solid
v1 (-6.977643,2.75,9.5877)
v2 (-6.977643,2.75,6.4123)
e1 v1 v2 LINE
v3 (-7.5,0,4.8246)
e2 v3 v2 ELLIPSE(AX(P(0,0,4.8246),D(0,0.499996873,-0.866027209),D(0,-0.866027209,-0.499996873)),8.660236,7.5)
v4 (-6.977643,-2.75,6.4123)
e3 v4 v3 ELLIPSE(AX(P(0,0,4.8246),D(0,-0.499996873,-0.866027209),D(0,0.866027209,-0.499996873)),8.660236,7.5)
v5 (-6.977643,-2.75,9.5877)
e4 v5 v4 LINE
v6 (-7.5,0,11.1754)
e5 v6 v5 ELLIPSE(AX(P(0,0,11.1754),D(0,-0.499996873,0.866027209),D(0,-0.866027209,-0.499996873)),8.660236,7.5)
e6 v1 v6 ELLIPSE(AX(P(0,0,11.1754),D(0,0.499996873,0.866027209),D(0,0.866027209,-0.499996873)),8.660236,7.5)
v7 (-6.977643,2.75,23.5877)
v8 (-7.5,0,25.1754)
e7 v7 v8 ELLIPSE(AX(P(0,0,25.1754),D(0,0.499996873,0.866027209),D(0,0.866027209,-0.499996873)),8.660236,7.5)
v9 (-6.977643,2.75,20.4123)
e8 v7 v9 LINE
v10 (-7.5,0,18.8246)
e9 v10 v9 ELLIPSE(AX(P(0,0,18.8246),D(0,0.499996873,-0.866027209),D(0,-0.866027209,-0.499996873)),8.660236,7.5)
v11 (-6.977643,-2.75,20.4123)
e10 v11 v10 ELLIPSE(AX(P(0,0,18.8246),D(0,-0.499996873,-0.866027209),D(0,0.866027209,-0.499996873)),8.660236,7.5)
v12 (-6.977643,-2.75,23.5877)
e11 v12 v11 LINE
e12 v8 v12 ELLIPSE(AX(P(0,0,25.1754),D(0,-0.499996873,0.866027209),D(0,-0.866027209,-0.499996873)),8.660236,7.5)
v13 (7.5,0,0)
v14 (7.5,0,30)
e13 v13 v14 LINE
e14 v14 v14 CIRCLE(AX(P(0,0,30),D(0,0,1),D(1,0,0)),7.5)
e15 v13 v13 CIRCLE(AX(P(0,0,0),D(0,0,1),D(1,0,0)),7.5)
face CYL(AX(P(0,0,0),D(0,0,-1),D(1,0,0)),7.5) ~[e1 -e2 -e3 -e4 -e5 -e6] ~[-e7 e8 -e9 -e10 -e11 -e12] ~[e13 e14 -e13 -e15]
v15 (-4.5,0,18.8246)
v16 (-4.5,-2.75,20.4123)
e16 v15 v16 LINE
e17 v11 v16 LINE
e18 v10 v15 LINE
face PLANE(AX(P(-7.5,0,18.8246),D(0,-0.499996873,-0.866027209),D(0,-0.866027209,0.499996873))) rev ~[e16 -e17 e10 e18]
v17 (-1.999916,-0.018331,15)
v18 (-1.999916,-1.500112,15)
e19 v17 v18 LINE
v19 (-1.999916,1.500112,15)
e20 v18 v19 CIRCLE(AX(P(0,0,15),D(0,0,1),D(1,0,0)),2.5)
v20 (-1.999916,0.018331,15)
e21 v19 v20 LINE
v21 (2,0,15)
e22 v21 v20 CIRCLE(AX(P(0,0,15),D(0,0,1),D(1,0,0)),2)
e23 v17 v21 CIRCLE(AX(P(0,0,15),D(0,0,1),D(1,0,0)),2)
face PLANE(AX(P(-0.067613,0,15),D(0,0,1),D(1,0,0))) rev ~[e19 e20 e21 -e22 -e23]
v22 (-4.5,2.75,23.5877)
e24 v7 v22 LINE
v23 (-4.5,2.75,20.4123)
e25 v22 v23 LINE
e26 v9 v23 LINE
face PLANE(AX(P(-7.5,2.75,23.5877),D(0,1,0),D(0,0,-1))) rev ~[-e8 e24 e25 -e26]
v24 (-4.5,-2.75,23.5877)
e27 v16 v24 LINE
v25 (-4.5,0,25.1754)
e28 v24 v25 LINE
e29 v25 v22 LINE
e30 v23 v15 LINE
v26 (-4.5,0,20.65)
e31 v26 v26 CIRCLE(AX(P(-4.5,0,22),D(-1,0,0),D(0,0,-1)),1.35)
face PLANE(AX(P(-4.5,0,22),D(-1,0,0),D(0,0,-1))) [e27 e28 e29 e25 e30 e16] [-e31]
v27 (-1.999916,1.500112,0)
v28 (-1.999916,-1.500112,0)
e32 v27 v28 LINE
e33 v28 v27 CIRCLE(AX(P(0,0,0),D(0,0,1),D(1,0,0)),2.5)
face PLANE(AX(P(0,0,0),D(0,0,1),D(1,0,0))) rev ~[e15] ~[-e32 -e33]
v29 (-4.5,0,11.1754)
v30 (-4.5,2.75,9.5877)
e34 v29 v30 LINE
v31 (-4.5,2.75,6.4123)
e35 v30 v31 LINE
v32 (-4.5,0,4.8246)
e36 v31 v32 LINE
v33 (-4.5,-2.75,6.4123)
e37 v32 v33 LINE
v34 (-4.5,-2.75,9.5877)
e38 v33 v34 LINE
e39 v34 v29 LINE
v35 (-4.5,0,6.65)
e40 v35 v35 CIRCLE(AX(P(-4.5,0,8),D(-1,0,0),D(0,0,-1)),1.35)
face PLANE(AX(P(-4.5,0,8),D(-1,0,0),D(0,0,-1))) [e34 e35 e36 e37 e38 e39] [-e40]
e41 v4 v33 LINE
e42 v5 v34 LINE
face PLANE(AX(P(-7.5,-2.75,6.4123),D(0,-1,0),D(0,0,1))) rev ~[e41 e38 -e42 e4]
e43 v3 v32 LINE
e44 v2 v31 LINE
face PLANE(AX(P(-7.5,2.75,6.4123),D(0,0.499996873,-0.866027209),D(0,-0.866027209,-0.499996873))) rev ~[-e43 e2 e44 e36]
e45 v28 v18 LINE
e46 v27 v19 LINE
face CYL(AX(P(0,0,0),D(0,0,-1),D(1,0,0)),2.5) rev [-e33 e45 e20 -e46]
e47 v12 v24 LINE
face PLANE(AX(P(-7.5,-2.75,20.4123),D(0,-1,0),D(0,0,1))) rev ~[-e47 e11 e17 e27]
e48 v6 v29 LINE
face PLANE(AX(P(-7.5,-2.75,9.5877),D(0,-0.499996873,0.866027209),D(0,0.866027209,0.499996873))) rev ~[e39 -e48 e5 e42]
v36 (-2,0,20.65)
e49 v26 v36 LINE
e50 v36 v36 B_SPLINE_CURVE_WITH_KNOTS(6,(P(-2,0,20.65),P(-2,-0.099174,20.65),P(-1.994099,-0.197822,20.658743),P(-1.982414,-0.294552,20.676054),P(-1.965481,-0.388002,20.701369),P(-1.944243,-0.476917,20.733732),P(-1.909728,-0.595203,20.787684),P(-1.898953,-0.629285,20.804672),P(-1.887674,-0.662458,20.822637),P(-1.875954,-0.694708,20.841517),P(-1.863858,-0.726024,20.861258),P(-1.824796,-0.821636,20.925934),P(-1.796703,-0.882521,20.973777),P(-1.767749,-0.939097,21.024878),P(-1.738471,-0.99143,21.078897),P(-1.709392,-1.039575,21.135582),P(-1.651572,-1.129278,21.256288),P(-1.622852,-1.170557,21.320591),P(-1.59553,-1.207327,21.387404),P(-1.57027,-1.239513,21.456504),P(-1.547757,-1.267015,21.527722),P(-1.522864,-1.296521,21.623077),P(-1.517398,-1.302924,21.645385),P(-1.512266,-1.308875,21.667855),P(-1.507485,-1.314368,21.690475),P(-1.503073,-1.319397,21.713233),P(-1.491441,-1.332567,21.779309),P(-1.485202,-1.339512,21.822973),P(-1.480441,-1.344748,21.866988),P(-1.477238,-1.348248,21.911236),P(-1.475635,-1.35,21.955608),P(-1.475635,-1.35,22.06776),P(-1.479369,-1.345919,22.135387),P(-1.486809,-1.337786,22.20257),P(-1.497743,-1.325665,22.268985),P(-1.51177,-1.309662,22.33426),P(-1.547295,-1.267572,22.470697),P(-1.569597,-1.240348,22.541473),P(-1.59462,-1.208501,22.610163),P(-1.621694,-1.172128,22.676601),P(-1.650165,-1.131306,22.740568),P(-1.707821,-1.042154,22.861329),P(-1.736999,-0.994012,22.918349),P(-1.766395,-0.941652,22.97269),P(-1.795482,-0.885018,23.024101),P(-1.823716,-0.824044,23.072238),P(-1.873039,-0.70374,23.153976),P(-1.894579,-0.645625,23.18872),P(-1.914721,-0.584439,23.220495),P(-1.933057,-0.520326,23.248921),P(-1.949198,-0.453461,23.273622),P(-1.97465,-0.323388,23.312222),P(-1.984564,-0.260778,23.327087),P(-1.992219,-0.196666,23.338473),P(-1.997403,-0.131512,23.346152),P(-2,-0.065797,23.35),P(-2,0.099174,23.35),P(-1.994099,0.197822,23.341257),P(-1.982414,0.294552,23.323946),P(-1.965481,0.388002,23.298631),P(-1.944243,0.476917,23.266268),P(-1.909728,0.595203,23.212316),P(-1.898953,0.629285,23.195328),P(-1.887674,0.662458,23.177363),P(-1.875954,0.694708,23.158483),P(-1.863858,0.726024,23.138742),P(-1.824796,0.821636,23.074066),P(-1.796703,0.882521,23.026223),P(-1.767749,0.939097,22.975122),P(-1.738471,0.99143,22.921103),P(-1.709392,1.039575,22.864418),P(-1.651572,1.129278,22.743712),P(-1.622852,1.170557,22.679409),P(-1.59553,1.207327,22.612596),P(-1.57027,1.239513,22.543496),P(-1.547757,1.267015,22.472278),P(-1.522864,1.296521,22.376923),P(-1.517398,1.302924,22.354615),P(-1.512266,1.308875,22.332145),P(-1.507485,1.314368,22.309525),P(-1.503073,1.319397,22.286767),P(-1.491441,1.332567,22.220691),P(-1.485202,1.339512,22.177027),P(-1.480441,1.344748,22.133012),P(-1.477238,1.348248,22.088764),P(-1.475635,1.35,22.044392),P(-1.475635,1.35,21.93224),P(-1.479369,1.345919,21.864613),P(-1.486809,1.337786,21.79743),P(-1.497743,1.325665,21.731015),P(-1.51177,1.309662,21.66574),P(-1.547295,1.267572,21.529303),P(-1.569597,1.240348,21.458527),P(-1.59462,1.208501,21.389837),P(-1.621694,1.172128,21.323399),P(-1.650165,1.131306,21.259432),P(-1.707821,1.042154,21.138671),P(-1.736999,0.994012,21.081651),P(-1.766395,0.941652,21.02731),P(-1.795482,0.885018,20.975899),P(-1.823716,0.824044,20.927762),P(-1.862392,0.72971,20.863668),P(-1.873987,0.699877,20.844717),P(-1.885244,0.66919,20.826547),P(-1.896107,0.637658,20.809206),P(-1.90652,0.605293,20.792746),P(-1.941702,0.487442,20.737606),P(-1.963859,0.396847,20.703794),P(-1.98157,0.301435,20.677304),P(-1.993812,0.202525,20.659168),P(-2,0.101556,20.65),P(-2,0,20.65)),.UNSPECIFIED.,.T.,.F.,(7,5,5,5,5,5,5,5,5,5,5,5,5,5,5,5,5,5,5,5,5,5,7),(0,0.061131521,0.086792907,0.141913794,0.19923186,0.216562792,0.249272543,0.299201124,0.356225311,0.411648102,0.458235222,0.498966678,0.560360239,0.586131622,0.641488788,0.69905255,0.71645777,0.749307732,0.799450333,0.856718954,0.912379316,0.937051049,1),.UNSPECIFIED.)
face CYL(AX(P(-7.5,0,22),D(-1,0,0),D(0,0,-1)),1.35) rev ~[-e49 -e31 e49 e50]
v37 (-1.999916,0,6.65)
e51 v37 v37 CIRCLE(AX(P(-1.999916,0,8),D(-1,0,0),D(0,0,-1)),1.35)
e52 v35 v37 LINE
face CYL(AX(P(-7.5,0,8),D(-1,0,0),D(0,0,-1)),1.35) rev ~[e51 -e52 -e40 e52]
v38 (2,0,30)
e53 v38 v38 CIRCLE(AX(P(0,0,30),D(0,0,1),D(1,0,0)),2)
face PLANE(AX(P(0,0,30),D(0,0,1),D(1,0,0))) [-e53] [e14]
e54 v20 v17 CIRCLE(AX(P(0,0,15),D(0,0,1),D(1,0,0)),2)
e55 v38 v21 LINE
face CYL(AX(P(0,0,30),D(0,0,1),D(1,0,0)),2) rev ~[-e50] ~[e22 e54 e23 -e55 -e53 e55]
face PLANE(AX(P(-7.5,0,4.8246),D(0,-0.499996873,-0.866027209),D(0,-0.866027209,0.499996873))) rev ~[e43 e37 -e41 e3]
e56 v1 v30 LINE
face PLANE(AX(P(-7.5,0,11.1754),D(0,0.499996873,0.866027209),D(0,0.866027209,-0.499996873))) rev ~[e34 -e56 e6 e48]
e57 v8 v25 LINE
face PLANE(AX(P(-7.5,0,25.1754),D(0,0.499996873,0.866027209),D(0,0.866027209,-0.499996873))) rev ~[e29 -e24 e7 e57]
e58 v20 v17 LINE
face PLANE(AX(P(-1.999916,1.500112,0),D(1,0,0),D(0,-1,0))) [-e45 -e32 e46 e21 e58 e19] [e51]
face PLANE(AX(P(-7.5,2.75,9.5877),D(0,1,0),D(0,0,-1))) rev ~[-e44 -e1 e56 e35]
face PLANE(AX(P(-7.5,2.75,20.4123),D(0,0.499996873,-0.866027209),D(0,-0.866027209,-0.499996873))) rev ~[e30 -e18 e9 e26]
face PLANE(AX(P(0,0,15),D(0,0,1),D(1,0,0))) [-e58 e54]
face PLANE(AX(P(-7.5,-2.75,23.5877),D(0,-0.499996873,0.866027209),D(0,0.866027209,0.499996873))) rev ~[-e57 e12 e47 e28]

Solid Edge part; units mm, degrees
sketch "Sketch1" plane through (0, 0, 0) normal (0, 0, 1) x (1, 0, 0)
  circle A0 centre (0, 0) radius 7.5
  dimension "D1" = 15
extrude "Protrusion1" add sketch "Sketch1" along normal blind 30
sketch "Sketch2" plane through (0, 0, 30) normal (0, 0, 1) x (1, 0, 0)
  circle A0 centre (0, 0) radius 2
extrude "ExtrudedCutout_1" cut sketch "Sketch2" against normal blind 15
sketch "Sketch3" plane through (0, 0, 0) normal (0, 0, -1) x (1, 0, 0)
  line L0 (-1.9999, -1.5001) -> (-1.9999, 1.5001)
  arc A0 (-1.9999, 1.5001) -> (-1.9999, -1.5001) centre (0, 0) cw
extrude "Cutout1" cut sketch "Sketch3" against normal up to vertex (15 mm away)
sketch "Sketch4" plane through (-7.5, 0, 15) normal (-1, 0, 0) x (0, 0, -1)
  line L0 (5.4123, 2.75) -> (3.8246, 0)
  line L1 (3.8246, 0) -> (5.4123, -2.75)
  line L2 (5.4123, -2.75) -> (8.5877, -2.75)
  line L3 (8.5877, -2.75) -> (10.1754, 0)
  line L4 (10.1754, 0) -> (8.5877, 2.75)
  line L5 (8.5877, 2.75) -> (5.4123, 2.75)
  line L6 (-8.5877, 2.75) -> (-10.1754, 0)
  line L7 (-10.1754, 0) -> (-8.5877, -2.75)
  line L8 (-8.5877, -2.75) -> (-5.4123, -2.75)
  line L9 (-5.4123, -2.75) -> (-3.8246, 0)
  line L10 (-3.8246, 0) -> (-5.4123, 2.75)
  line L11 (-5.4123, 2.75) -> (-8.5877, 2.75)
extrude "ExtrudedCutout_3" cut sketch "Sketch4" against normal blind 3
sketch "Sketch5" plane through (-7.5, 0, 15) normal (-1, 0, 0) x (0, 0, -1)
  circle A0 centre (-7, 0) radius 1.35
  circle A1 centre (7, 0) radius 1.35
  dimension "D1" = 2.7
  dimension "D2" = 2.7
extrude "Cutout2" cut sketch "Sketch5" against normal up to next
